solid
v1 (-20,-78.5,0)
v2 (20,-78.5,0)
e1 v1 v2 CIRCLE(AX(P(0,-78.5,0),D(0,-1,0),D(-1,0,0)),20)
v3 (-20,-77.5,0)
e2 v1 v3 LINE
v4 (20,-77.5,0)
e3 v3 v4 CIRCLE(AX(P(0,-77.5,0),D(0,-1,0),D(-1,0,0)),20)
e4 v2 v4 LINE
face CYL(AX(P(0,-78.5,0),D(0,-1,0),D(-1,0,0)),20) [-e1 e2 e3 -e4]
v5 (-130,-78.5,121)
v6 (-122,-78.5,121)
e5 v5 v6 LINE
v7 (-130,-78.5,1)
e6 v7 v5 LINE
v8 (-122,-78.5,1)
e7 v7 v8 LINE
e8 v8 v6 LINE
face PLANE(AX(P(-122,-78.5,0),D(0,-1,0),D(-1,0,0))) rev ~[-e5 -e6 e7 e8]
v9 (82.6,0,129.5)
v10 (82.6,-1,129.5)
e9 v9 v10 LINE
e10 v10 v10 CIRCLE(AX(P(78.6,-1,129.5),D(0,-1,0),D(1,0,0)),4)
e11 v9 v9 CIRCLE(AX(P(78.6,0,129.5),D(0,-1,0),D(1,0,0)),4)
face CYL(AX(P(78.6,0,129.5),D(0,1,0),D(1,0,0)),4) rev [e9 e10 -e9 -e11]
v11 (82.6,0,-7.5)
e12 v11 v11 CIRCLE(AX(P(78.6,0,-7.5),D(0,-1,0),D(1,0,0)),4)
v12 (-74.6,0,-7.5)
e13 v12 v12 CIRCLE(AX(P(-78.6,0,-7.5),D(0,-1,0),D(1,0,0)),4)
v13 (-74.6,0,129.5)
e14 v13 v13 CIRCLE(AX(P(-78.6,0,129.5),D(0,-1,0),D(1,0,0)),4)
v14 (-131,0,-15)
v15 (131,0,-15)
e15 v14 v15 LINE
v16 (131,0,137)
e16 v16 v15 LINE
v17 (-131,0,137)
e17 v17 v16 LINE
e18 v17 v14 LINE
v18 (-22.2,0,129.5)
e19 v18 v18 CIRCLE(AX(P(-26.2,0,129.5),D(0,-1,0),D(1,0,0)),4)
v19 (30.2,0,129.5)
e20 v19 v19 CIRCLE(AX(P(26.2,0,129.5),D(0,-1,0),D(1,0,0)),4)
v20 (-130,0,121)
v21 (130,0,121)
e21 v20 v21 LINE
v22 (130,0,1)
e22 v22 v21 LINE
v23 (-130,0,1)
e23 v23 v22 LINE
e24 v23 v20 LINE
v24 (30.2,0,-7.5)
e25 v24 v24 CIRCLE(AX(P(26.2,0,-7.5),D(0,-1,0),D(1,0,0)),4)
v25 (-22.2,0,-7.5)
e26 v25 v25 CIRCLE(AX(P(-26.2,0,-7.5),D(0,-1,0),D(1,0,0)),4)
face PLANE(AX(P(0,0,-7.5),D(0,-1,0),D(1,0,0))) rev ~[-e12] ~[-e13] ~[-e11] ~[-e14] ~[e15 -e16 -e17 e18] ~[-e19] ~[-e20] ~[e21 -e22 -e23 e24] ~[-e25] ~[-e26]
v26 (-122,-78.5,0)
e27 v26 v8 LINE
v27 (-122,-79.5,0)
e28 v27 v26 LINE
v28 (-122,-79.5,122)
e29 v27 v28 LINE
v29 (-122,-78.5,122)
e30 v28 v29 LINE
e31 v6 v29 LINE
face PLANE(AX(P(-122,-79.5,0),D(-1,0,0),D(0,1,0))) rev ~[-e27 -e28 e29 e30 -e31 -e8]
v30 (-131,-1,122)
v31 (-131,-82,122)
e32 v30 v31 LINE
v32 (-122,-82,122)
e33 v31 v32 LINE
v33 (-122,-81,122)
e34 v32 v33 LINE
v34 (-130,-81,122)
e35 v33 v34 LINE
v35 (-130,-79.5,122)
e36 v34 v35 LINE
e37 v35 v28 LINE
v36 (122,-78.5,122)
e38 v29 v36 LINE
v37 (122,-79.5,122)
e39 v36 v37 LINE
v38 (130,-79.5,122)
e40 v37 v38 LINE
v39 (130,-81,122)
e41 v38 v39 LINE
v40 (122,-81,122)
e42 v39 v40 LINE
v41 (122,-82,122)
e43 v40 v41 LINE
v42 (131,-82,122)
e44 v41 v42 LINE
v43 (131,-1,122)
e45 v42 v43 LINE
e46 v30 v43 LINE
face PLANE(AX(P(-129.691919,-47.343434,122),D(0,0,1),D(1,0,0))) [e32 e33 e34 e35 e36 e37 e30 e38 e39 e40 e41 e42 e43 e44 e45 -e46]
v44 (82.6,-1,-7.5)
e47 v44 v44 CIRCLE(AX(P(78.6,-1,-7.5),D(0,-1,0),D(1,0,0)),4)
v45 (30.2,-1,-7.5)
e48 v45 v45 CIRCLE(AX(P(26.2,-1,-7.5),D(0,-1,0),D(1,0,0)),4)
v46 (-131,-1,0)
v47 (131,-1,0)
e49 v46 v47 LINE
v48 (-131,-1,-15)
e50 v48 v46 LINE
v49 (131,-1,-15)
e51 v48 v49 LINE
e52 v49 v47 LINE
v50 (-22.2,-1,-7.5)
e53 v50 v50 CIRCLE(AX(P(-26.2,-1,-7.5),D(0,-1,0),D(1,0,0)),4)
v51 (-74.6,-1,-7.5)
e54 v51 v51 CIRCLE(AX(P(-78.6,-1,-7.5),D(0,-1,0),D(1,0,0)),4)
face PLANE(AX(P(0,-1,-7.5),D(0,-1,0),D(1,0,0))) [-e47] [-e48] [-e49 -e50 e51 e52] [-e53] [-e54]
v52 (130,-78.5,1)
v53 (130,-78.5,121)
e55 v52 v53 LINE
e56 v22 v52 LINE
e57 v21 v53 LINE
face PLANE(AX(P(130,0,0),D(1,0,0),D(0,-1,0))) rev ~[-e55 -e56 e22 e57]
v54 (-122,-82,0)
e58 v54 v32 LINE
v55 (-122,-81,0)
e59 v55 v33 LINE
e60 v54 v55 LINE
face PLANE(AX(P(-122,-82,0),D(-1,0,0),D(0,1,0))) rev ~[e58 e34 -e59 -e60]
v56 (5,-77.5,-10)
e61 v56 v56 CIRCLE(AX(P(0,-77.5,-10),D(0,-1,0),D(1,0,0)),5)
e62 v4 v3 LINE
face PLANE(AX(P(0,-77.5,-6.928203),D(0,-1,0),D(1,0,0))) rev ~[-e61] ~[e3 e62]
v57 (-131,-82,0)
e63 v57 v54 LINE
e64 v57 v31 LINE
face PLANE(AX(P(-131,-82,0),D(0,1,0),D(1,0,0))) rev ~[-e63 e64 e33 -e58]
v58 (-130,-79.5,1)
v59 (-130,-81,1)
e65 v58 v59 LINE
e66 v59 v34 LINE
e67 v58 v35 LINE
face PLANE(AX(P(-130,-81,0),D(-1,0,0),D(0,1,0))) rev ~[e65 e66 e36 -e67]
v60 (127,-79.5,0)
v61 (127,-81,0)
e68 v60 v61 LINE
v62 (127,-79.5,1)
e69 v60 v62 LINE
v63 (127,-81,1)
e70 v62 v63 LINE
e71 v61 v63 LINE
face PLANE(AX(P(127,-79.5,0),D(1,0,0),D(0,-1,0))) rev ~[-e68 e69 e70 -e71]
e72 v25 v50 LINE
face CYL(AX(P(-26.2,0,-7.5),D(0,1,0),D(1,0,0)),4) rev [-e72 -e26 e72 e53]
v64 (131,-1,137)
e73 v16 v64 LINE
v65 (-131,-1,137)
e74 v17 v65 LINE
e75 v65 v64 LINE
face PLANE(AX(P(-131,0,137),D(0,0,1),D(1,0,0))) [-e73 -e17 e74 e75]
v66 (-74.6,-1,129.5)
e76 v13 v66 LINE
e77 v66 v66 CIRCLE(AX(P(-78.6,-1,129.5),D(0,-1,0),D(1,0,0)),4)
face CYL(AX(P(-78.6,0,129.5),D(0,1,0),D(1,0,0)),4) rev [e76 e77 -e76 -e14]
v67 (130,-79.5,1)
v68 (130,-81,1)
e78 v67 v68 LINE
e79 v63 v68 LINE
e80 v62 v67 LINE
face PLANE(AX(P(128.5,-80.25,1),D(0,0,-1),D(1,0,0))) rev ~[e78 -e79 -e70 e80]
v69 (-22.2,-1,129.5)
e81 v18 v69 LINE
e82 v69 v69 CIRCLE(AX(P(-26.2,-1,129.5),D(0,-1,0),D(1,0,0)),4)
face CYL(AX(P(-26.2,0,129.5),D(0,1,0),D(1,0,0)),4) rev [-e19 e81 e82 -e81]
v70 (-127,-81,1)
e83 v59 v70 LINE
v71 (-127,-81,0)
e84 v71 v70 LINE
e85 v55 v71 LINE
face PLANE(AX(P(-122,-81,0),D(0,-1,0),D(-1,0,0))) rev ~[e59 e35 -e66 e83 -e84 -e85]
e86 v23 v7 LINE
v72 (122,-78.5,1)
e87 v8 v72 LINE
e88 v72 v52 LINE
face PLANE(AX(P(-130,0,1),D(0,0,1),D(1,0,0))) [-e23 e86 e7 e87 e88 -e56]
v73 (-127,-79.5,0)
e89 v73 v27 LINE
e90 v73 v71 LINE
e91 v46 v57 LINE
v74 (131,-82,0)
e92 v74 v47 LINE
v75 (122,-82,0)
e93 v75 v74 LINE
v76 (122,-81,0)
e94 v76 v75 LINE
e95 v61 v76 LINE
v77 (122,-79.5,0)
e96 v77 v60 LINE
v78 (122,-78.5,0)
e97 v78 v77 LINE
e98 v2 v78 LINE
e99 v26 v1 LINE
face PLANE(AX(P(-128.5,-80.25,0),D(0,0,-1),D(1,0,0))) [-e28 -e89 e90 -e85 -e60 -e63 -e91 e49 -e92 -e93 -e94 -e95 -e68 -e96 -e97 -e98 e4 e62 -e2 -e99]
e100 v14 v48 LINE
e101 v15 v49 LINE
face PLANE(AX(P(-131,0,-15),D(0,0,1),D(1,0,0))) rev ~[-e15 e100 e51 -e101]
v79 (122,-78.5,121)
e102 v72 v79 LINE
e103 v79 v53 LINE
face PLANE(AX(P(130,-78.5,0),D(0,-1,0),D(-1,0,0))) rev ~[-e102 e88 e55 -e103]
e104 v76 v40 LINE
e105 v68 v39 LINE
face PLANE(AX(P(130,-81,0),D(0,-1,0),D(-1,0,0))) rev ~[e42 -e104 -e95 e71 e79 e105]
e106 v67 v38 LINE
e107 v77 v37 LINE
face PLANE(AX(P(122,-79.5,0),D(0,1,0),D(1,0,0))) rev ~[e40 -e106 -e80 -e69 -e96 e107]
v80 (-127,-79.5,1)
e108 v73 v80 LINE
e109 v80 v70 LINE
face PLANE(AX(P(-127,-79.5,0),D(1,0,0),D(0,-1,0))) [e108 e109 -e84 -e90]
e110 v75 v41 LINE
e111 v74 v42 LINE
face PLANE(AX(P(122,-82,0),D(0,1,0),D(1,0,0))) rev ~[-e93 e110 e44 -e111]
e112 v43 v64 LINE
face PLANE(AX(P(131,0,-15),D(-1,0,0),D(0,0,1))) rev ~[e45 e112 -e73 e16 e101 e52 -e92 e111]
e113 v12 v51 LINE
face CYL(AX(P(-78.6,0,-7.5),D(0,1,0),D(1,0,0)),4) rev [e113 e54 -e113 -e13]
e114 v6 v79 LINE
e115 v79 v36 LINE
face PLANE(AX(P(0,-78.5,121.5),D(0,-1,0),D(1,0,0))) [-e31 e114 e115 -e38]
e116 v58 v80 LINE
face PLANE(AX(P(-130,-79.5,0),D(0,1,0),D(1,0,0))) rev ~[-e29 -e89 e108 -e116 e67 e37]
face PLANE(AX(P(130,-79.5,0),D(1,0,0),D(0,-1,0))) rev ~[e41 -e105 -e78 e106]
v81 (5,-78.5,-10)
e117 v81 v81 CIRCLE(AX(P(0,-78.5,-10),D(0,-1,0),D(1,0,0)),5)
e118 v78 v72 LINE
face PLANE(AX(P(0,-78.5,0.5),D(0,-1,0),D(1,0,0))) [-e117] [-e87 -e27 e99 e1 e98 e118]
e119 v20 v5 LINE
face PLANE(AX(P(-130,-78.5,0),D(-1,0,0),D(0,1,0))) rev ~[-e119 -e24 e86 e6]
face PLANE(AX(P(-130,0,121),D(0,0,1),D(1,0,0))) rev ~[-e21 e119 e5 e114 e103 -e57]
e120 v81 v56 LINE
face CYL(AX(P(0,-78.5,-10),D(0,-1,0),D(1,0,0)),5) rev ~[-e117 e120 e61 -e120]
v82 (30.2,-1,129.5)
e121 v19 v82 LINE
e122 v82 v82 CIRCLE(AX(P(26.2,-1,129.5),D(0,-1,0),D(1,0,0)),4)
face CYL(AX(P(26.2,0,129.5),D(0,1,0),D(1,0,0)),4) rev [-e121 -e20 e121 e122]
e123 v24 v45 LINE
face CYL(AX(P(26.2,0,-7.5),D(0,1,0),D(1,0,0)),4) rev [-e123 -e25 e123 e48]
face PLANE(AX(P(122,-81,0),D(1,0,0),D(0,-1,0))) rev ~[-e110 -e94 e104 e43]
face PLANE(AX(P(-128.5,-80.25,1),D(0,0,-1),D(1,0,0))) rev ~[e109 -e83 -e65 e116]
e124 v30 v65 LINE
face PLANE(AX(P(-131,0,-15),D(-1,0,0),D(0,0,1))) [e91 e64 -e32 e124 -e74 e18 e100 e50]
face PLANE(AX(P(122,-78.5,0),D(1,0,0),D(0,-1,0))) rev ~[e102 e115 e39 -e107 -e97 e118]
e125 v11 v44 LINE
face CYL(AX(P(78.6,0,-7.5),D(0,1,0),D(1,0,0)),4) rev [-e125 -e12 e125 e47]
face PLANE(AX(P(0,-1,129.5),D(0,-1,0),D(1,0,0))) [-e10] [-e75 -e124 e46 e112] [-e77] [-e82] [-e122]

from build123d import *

# Parameters (mm, degrees)
F1_DEPTH = 122
F2_W     = 260
F2_H     = 1
F3_DEPTH = 78.5
F4_W     = 3
F4_H     = 1.5
F5_DEPTH = 1
F6_W     = 262
F6_H     = 15
F6_R     = 4
F7_DEPTH = 1
F8_R     = 5
F9_DEPTH = 1


with BuildPart() as f1:
    # F0 (on Top) → F1 (new body)
    with BuildSketch(Plane.XY):
        Polygon((-130, 0), (-131, 0), (-131, -82), (-122, -82), (-122, -81), (-130, -81), (-130, -79.5), (-122, -79.5), (-122, -78.5), (-130, -78.5), align=None)
    extrude(amount=F1_DEPTH)



with BuildPart() as f1b:
    # F0 (on Top) → F1, piece 2 (new body)
    with BuildSketch(Plane.XY):
        Polygon((131, -82), (131, 0), (130, 0), (130, -78.5), (122, -78.5), (122, -79.5), (130, -79.5), (130, -81), (122, -81), (122, -82), align=None)
    extrude(amount=F1_DEPTH)


with BuildPart() as f1_1:
    add(f1.part)

    add(f1b.part)  # F3 merges F1b
    # F2 (on Front) → F3 (join)
    with BuildSketch(Plane.XZ):
        with Locations((0, 0.5)):
            Rectangle(F2_W, F2_H)
        with Locations((0, 121.5)):
            Rectangle(F2_W, F2_H)
    extrude(amount=F3_DEPTH)

    # F4 (on face) → F5 (join)
    with BuildSketch(Plane(origin=(0, 0, 0), x_dir=(1, 0, 0), z_dir=(0, 0, -1))):
        with Locations((-128.5, 80.25)):
            Rectangle(F4_W, F4_H)
        with Locations((128.5, 80.25)):
            Rectangle(F4_W, F4_H)
    extrude(amount=-F5_DEPTH)

    # F6 (on Front) → F7 (join)
    with BuildSketch(Plane.XZ):
        with Locations((0, -7.5)):
            Rectangle(F6_W, F6_H)
        with Locations((-78.6, -7.5)):
            Circle(F6_R, mode=Mode.SUBTRACT)
        with Locations((-26.2, -7.5)):
            Circle(F6_R, mode=Mode.SUBTRACT)
        with Locations((26.2, -7.5)):
            Circle(F6_R, mode=Mode.SUBTRACT)
        with Locations((78.6, -7.5)):
            Circle(F6_R, mode=Mode.SUBTRACT)
        with Locations((0, 129.5)):
            Rectangle(F6_W, F6_H)
        with Locations((-78.6, 129.5)):
            Circle(F6_R, mode=Mode.SUBTRACT)
        with Locations((-26.2, 129.5)):
            Circle(F6_R, mode=Mode.SUBTRACT)
        with Locations((26.2, 129.5)):
            Circle(F6_R, mode=Mode.SUBTRACT)
        with Locations((78.6, 129.5)):
            Circle(F6_R, mode=Mode.SUBTRACT)
    extrude(amount=F7_DEPTH)

    # F8 (on face) → F9 (join)
    with BuildSketch(Plane.XZ.offset(78.5)):
        with BuildLine():
            Line((20, 0), (-20, 0))
            ThreePointArc((-20, 0), (0, -20), (20, 0))
        make_face()
        with Locations((0, -10)):
            Circle(F8_R, mode=Mode.SUBTRACT)
    extrude(amount=-F9_DEPTH)


solid = f1_1.part
